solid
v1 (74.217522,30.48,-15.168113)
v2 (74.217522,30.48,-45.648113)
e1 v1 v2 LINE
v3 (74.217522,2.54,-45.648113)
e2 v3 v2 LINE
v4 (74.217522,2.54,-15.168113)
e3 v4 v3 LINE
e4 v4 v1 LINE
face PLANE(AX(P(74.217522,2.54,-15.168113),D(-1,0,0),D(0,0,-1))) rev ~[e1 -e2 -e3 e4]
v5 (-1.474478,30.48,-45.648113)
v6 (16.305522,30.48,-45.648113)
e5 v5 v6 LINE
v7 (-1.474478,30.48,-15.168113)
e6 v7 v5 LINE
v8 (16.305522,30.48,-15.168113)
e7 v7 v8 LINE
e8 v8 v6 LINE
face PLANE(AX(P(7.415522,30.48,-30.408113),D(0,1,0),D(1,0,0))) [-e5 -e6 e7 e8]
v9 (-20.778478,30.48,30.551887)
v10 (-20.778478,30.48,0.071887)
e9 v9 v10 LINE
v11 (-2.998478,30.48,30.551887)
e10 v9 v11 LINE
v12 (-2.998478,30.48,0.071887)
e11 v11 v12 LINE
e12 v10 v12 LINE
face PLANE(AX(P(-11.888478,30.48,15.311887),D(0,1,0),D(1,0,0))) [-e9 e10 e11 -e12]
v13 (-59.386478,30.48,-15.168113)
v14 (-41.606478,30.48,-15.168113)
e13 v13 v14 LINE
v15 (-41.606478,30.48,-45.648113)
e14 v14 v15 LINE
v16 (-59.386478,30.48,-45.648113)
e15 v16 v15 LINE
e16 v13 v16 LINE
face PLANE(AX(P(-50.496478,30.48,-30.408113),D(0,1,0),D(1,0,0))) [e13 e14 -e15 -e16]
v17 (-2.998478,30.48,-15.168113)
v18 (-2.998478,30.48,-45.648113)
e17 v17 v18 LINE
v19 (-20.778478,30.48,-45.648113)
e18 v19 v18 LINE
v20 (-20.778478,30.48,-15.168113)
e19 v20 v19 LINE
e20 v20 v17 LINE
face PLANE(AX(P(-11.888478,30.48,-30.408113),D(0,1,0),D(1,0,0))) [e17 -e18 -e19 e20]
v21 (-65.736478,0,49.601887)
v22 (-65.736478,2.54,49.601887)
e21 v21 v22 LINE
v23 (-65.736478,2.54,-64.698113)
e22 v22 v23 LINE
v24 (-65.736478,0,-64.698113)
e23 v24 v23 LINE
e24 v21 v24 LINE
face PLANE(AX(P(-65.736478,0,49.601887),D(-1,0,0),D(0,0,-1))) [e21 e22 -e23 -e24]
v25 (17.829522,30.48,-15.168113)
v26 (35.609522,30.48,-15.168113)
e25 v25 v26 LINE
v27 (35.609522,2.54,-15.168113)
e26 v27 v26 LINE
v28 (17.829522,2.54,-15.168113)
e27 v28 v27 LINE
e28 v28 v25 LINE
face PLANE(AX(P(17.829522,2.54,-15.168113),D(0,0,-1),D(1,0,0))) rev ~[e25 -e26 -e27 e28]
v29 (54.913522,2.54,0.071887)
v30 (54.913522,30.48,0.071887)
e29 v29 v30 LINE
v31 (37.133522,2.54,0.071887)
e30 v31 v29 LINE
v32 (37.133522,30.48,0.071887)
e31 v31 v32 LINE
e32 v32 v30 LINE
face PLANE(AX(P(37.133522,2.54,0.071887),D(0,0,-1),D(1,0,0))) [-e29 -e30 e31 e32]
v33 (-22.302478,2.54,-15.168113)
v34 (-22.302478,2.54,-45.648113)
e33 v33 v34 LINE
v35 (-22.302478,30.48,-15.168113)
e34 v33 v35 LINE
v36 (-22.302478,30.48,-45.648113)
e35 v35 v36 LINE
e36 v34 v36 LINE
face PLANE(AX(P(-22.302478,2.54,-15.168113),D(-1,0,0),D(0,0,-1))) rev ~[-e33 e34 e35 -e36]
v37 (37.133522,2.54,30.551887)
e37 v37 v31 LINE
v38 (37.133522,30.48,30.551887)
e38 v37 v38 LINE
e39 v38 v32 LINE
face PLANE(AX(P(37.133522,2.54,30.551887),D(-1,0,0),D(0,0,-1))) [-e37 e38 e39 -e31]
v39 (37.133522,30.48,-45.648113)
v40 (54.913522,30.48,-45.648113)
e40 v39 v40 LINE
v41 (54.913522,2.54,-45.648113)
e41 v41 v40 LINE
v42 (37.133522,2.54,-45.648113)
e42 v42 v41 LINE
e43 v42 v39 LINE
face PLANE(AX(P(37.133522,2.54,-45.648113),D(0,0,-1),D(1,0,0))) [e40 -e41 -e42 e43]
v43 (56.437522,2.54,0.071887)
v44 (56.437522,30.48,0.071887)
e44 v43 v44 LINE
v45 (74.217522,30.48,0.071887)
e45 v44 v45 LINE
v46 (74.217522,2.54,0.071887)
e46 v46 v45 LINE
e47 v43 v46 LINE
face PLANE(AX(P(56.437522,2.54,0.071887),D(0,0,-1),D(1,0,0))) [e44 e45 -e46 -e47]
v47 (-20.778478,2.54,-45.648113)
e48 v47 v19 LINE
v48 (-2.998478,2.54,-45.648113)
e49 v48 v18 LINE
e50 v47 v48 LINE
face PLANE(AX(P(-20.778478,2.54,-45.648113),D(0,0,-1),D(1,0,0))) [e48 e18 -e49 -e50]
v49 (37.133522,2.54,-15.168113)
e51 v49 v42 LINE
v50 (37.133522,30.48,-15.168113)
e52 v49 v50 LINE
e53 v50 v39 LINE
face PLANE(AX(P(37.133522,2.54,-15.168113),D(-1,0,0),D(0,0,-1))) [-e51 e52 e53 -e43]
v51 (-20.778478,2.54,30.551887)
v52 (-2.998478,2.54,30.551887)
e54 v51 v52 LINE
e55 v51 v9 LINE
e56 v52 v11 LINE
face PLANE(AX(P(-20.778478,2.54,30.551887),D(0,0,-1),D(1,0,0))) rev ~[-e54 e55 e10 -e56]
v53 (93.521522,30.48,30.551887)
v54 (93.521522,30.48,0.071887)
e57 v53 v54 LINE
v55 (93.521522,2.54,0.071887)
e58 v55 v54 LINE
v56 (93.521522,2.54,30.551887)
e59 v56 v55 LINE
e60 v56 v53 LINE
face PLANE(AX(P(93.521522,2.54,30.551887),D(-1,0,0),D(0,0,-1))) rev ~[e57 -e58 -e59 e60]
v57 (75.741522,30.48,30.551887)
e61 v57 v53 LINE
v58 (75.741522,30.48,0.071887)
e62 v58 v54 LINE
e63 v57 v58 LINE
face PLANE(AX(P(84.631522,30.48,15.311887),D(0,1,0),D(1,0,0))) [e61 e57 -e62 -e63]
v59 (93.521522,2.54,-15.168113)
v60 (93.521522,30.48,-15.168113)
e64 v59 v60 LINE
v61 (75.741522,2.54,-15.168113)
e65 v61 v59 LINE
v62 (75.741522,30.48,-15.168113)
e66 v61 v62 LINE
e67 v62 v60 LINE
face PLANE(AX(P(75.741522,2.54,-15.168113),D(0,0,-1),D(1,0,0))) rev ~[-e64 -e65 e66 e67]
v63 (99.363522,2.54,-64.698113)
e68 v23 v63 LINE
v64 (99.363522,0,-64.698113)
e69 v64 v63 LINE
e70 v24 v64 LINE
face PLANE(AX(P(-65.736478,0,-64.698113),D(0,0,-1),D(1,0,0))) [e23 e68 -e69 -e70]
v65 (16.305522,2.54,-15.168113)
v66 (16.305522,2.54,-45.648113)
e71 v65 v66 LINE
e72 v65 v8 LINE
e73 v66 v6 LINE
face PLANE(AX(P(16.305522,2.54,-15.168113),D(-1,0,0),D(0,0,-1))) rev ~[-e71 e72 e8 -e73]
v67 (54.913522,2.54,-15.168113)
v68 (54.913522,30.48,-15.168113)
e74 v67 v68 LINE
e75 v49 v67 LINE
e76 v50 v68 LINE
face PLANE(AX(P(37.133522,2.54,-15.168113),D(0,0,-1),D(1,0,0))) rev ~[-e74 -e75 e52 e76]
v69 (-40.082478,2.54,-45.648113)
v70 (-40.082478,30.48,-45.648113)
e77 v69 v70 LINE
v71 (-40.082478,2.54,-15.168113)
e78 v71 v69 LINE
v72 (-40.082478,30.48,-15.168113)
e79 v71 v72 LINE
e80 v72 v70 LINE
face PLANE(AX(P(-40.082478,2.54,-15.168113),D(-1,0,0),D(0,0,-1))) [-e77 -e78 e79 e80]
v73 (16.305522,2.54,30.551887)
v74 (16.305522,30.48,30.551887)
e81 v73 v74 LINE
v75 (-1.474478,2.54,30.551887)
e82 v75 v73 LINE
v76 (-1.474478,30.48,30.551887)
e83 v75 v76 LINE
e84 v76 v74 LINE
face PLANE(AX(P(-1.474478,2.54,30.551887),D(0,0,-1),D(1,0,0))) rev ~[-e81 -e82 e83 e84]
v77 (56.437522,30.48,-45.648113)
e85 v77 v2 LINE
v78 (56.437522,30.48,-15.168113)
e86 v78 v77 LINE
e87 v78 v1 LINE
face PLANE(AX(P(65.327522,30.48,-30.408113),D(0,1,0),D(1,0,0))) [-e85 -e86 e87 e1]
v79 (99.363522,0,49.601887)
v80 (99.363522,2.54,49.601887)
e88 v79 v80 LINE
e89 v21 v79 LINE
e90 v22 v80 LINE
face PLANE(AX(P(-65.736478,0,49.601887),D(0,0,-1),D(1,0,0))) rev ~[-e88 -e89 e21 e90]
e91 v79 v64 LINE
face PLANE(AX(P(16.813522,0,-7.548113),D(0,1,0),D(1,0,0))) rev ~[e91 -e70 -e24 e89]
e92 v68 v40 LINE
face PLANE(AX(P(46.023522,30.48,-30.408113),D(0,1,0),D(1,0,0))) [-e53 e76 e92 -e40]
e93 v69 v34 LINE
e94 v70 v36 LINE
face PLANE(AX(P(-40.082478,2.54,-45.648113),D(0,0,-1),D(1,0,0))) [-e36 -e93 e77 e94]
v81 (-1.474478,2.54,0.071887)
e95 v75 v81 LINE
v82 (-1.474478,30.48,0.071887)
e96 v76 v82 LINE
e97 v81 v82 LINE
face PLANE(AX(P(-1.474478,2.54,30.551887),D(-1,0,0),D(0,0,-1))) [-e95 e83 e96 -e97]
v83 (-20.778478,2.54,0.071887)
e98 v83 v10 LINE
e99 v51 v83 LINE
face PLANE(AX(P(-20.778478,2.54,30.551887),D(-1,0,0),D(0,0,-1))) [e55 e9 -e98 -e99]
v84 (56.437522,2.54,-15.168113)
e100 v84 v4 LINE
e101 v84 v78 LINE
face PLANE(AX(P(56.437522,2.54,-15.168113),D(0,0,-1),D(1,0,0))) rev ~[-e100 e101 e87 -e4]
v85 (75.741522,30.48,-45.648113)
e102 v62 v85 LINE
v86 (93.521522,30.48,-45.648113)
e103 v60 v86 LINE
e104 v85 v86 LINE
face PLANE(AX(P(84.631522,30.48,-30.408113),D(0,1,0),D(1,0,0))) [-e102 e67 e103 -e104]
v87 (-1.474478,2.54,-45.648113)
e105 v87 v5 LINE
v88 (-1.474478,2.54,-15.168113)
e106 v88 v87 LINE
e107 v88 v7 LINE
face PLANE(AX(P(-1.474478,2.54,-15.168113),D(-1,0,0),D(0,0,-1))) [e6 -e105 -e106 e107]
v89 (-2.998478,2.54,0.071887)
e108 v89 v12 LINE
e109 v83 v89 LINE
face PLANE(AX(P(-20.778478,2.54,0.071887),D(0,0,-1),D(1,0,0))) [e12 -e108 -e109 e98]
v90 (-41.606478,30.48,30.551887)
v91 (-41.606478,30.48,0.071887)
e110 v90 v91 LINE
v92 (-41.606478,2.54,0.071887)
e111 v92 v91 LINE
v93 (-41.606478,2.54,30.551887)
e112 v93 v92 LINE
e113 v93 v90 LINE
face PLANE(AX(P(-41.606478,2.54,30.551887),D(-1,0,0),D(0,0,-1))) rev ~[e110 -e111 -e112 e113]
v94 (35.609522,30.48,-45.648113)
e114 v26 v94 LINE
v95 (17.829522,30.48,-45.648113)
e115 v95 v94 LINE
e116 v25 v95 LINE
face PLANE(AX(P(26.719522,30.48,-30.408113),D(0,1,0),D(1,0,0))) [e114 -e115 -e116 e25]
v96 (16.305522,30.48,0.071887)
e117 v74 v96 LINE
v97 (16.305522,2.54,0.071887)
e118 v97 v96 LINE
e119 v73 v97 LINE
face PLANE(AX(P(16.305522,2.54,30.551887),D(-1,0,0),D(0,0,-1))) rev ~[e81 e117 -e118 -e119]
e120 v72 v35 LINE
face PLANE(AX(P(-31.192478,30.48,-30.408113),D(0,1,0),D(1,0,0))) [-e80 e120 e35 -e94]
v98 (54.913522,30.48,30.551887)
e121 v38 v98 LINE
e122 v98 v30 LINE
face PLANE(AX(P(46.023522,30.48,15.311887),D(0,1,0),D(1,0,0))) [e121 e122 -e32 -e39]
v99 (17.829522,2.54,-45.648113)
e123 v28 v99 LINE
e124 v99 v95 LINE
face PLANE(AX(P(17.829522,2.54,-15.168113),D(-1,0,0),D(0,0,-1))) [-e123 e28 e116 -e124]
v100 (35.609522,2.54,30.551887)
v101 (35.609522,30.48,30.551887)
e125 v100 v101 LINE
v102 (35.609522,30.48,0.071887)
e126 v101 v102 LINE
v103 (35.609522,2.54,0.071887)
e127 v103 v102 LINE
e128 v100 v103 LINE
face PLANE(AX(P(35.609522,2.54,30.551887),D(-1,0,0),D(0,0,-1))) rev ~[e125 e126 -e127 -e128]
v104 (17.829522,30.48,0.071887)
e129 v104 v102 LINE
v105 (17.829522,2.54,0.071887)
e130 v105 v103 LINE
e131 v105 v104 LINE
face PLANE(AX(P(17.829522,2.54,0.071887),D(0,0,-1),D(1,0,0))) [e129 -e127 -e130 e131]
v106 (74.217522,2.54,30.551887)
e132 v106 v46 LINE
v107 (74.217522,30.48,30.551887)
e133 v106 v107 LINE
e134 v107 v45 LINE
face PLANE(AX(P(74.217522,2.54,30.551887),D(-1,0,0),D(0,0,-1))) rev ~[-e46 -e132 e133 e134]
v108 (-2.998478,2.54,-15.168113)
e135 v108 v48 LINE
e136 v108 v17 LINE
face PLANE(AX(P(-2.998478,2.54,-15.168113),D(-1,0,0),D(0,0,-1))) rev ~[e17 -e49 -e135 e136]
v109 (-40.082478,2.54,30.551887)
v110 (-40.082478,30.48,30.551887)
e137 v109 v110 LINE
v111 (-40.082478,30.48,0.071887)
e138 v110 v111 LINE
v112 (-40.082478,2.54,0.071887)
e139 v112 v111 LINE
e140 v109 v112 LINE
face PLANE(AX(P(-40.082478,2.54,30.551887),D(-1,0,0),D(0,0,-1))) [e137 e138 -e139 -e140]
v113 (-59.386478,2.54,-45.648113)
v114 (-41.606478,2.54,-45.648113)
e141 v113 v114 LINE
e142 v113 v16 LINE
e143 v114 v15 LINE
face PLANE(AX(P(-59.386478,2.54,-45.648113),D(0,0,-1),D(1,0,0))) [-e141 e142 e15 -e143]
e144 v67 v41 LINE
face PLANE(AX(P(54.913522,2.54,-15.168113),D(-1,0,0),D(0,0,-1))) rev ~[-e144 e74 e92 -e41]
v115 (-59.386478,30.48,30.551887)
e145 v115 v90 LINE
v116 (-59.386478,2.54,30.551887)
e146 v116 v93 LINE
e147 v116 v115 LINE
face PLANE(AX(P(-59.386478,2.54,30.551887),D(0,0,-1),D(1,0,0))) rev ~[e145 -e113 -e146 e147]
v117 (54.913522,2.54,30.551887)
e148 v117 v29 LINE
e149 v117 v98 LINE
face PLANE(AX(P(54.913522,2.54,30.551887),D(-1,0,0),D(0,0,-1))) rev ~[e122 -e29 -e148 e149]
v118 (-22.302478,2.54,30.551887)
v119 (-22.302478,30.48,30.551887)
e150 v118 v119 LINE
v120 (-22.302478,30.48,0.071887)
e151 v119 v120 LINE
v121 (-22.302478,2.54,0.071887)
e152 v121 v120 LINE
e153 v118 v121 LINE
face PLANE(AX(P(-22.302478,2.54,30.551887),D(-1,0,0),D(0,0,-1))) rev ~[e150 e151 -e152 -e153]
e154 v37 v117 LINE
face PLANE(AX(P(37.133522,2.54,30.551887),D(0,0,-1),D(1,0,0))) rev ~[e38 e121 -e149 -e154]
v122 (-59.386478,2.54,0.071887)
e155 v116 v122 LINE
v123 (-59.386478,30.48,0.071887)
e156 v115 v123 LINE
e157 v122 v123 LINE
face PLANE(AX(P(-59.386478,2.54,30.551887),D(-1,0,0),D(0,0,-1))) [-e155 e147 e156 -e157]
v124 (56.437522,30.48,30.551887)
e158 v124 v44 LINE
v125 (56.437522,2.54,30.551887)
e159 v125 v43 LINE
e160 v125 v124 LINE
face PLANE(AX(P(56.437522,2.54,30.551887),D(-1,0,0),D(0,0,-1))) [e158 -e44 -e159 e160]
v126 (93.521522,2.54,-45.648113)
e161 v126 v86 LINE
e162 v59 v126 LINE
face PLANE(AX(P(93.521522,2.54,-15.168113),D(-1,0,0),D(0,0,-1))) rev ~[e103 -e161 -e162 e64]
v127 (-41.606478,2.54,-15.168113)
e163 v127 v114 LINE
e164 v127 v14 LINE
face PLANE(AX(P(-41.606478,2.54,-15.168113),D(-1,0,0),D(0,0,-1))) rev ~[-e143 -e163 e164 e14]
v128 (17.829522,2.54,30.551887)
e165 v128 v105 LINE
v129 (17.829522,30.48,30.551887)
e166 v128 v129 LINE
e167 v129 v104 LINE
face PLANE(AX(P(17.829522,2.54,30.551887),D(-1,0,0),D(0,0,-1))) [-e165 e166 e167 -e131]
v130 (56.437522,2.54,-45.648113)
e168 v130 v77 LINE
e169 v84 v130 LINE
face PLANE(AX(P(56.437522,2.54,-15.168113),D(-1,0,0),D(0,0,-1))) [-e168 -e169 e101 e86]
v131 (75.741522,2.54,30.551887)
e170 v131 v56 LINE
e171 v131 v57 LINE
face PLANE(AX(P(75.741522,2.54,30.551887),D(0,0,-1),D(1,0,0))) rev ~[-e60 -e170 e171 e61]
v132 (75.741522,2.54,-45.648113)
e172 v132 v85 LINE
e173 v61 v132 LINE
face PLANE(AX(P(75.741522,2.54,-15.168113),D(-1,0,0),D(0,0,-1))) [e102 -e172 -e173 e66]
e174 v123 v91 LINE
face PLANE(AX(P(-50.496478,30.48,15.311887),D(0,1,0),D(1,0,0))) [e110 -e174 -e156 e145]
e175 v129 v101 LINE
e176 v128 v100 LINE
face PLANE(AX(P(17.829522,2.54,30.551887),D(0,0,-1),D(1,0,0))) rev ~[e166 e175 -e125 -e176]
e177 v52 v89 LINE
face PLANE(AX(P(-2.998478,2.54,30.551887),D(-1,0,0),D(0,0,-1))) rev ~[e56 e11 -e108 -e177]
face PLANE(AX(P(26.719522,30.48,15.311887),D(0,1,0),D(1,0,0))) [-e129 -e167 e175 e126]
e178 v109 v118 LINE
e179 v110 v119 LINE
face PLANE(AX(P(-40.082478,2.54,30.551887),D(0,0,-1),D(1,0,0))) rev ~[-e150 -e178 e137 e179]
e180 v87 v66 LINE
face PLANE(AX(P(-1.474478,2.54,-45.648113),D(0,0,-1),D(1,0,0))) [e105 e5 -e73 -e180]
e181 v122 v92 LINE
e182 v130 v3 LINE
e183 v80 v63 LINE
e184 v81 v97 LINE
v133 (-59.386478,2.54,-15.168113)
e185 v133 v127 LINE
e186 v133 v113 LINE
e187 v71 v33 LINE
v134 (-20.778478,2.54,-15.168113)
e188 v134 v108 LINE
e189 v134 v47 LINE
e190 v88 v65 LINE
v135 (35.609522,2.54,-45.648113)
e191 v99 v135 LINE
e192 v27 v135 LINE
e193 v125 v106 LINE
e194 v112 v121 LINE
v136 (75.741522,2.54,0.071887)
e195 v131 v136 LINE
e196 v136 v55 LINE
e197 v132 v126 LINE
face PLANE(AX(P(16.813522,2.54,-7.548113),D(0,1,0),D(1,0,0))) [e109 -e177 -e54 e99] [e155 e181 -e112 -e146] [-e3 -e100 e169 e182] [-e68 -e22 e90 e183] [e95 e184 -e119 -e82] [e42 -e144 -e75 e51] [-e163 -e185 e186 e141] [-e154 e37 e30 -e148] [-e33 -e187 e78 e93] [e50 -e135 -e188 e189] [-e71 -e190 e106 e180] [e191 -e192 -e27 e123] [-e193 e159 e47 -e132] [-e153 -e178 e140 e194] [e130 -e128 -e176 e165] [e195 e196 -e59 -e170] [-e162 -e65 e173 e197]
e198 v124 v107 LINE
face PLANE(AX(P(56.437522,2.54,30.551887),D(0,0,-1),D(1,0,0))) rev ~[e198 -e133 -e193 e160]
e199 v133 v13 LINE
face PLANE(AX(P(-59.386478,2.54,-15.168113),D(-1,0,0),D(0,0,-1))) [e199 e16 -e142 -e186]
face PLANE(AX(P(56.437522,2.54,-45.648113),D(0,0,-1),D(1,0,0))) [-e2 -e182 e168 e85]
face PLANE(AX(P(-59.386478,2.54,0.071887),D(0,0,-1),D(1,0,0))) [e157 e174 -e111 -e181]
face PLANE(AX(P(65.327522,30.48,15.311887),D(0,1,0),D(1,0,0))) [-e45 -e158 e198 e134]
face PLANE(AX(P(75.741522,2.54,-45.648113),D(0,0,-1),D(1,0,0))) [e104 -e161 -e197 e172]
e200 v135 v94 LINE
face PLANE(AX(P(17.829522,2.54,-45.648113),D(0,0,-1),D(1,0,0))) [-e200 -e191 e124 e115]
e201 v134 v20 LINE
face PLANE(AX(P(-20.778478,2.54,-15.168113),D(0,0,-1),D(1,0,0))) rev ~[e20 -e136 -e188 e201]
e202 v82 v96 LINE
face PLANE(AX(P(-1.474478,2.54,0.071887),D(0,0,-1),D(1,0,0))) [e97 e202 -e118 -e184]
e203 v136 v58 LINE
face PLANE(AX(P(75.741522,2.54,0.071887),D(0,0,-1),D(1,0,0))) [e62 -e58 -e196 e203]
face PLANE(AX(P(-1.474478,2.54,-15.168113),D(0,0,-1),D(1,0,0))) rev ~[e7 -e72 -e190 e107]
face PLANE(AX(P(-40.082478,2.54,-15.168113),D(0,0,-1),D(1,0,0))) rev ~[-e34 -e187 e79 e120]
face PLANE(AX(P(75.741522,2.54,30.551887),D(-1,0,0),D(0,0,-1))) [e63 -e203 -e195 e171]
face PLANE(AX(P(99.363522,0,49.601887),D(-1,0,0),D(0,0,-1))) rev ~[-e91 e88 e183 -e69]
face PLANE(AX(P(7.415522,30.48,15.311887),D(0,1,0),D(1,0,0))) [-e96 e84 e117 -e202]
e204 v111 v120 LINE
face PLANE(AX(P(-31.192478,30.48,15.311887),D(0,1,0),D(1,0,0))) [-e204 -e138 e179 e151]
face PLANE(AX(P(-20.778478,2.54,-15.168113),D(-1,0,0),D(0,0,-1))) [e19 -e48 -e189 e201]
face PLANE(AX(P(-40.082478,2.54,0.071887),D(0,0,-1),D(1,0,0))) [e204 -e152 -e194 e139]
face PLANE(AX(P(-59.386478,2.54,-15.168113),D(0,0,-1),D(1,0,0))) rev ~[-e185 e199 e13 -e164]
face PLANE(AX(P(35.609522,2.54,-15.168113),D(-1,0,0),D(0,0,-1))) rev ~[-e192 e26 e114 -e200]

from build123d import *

# Parameters (mm, degrees)
SKETCH1_W           = 165.1
SKETCH1_H           = 114.3
BOSS_EXTRUDE1_DEPTH = 2.54
SKETCH2_W           = 17.78
SKETCH2_H           = 30.48
BOSS_EXTRUDE2_DEPTH = 27.94


with BuildPart() as part:
    # Sketch1 → Boss-Extrude1 (new body)
    with BuildSketch(Plane(origin=(0, 0, 0), x_dir=(1, 0, 0), z_dir=(0, 1, 0))):
        with Locations((16.813522013, 7.548113208)):
            Rectangle(SKETCH1_W, SKETCH1_H)
    extrude(amount=BOSS_EXTRUDE1_DEPTH)

    # Sketch2 → Boss-Extrude2 (add)
    with BuildSketch(Plane(origin=(0, 2.54, 0), x_dir=(1, 0, 0), z_dir=(0, 1, 0))):
        with Locations((65.327522013, 30.408113208)):
            Rectangle(SKETCH2_W, SKETCH2_H)
        with Locations((84.631522013, 30.408113208)):
            Rectangle(SKETCH2_W, SKETCH2_H)
        with Locations((46.023522013, 30.408113208)):
            Rectangle(SKETCH2_W, SKETCH2_H)
        with Locations((26.719522013, 30.408113208)):
            Rectangle(SKETCH2_W, SKETCH2_H)
        with Locations((7.415522013, 30.408113208)):
            Rectangle(SKETCH2_W, SKETCH2_H)
        with Locations((-11.888477987, 30.408113208)):
            Rectangle(SKETCH2_W, SKETCH2_H)
        with Locations((-31.192477987, 30.408113208)):
            Rectangle(SKETCH2_W, SKETCH2_H)
        with Locations((-50.496477987, 30.408113208)):
            Rectangle(SKETCH2_W, SKETCH2_H)
        with Locations((65.327522013, -15.311886792)):
            Rectangle(SKETCH2_W, SKETCH2_H)
        with Locations((46.023522013, -15.311886792)):
            Rectangle(SKETCH2_W, SKETCH2_H)
        with Locations((26.719522013, -15.311886792)):
            Rectangle(SKETCH2_W, SKETCH2_H)
        with Locations((7.415522013, -15.311886792)):
            Rectangle(SKETCH2_W, SKETCH2_H)
        with Locations((-11.888477987, -15.311886792)):
            Rectangle(SKETCH2_W, SKETCH2_H)
        with Locations((-31.192477987, -15.311886792)):
            Rectangle(SKETCH2_W, SKETCH2_H)
        with Locations((-50.496477987, -15.311886792)):
            Rectangle(SKETCH2_W, SKETCH2_H)
        with Locations((84.631522013, -15.311886792)):
            Rectangle(SKETCH2_W, SKETCH2_H)
    extrude(amount=BOSS_EXTRUDE2_DEPTH)


solid = part.part
